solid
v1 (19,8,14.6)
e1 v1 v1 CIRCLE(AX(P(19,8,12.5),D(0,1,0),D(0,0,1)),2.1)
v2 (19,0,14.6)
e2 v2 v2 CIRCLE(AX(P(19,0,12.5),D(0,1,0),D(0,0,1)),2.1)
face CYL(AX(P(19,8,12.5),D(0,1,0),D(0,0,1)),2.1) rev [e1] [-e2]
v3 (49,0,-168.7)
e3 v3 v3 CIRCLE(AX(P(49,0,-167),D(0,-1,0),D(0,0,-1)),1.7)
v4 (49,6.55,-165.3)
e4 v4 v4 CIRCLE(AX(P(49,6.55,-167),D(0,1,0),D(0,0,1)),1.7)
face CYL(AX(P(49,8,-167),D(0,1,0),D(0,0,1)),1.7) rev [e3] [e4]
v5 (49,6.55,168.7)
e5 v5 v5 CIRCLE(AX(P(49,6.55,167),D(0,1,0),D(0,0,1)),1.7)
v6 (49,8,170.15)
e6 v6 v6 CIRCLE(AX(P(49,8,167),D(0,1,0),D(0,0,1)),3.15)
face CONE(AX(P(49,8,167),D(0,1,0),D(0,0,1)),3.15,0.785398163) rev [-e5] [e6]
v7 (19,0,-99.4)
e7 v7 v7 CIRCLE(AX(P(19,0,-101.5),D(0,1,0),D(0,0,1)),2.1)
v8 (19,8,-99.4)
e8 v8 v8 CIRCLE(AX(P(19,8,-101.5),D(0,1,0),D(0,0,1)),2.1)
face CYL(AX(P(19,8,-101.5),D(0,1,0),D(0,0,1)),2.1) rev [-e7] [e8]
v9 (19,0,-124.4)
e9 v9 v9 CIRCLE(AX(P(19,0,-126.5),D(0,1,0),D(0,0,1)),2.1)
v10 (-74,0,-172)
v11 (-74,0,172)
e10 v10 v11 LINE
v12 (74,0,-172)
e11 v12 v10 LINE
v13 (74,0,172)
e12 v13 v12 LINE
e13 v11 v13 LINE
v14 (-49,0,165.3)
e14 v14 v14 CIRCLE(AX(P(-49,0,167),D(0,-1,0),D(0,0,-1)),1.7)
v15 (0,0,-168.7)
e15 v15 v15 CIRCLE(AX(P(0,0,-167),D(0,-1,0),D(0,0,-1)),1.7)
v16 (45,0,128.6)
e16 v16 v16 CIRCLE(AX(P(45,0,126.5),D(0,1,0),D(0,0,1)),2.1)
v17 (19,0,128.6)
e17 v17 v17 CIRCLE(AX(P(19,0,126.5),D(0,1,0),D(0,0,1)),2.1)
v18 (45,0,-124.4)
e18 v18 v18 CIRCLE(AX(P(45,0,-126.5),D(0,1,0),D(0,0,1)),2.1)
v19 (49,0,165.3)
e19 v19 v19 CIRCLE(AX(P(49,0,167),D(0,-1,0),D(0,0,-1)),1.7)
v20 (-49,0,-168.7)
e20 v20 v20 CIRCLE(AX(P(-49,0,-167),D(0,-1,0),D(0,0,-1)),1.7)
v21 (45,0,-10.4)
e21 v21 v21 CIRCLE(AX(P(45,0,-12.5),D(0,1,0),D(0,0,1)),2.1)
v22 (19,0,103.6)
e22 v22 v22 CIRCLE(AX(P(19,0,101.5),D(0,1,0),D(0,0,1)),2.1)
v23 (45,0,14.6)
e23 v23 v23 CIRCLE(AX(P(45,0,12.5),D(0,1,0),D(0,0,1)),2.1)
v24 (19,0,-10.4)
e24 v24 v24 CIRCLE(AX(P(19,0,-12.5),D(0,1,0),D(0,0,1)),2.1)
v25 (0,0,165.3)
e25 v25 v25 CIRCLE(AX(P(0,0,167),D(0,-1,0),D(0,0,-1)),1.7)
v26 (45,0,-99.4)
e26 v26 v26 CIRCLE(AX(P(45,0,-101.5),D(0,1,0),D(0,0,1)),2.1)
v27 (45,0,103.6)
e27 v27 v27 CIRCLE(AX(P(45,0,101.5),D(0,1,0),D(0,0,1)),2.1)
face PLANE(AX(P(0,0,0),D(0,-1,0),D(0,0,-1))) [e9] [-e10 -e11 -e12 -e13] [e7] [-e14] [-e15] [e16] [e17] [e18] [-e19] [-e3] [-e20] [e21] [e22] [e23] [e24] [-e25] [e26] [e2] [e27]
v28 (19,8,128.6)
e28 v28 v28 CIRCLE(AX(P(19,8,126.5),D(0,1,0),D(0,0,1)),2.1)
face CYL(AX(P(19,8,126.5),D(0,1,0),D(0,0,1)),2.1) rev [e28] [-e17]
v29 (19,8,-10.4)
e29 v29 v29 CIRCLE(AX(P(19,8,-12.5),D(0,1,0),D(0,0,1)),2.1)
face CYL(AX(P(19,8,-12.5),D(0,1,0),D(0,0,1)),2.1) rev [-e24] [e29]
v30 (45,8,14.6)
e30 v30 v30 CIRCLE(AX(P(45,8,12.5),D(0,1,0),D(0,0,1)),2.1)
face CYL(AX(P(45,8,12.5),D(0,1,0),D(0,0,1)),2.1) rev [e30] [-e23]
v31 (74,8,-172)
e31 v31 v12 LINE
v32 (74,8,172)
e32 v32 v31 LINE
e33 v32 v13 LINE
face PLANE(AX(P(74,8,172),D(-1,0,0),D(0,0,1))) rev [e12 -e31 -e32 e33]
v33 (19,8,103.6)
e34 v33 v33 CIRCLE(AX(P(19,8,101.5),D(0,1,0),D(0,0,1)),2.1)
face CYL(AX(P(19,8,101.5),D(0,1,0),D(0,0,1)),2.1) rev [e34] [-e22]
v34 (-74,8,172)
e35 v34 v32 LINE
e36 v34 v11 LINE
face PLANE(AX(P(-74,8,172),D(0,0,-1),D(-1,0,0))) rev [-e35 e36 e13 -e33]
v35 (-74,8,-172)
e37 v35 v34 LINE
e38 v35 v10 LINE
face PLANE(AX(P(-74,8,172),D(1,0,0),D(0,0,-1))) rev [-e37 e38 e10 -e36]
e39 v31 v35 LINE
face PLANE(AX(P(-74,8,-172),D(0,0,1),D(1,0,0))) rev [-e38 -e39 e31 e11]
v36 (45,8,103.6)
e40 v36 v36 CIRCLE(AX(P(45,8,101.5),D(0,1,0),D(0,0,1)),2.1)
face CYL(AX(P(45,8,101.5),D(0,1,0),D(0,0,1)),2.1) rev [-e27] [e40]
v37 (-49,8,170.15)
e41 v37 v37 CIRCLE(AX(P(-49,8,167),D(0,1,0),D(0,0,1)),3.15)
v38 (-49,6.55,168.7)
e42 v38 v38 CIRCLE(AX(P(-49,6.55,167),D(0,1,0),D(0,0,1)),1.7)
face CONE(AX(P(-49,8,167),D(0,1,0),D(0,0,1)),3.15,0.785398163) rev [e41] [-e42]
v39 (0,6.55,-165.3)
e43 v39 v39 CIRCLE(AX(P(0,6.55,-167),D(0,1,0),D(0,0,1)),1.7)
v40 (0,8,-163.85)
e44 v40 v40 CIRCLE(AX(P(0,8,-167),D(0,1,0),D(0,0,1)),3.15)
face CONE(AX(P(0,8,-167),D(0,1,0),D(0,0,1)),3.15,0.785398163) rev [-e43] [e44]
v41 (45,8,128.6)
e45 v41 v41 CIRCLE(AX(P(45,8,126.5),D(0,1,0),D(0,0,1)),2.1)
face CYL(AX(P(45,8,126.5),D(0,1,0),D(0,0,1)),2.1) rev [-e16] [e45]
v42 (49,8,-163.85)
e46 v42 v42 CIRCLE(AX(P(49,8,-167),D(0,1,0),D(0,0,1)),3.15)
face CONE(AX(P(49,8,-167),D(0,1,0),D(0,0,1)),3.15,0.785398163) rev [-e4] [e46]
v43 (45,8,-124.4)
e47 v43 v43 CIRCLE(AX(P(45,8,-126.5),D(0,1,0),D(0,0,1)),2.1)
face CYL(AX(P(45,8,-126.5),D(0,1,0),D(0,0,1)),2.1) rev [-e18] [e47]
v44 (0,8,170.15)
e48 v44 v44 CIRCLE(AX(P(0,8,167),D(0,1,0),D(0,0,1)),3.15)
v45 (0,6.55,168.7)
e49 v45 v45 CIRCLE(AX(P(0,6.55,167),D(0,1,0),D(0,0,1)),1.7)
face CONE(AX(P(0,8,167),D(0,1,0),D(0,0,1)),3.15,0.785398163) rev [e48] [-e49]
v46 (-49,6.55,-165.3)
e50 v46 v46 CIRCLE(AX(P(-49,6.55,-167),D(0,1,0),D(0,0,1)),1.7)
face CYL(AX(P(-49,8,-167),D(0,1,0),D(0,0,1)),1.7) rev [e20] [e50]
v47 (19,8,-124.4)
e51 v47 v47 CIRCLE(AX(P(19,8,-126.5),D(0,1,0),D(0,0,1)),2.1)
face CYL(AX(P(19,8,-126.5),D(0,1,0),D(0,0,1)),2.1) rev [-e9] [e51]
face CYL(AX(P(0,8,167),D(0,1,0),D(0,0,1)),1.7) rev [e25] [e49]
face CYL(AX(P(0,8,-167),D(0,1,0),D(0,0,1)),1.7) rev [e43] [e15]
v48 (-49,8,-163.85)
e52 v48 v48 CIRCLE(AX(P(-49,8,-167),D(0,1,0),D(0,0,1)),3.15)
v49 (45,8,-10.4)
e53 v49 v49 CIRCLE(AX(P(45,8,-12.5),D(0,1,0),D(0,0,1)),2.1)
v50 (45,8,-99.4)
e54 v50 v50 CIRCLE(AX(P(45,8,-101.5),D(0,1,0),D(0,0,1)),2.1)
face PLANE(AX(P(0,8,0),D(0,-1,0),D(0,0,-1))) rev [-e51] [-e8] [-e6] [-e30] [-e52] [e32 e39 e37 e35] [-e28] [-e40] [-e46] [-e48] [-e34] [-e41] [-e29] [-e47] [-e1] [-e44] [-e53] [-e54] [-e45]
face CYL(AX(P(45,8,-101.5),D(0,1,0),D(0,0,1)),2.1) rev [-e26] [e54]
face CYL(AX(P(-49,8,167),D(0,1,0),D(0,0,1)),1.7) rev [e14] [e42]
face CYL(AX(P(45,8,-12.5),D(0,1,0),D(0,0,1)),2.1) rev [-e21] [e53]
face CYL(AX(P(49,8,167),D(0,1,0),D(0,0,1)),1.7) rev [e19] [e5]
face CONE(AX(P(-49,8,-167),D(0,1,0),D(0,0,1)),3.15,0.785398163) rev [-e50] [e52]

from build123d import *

# Parameters (mm, degrees)
SKETCH1_W                                    = 148
SKETCH1_H                                    = 344
BOSS_EXTRUDE1_DEPTH                          = 8
CSK_FOR_M3_COUNTERSUNK_FLAT_HEAD1_AT_2_COUNT = 2
CSK_FOR_M3_COUNTERSUNK_FLAT_HEAD1_AT_2_PITCH = 49
CSK_FOR_M3_COUNTERSUNK_FLAT_HEAD1_AT_3_COUNT = 2
CSK_FOR_M3_COUNTERSUNK_FLAT_HEAD1_AT_3_PITCH = 98
M5X0_8_TAPPED_HOLE1_D                        = 4.2
LPATTERN1_COUNT                              = 2
LPATTERN1_PITCH                              = 114
LPATTERN1_COL_COUNT                          = 2
LPATTERN1_COL_PITCH                          = 114


with BuildPart() as part:
    # Sketch1 → Boss-Extrude1 (new body)
    with BuildSketch(Plane(origin=(0, 0, 0), x_dir=(1, 0, 0), z_dir=(0, 1, 0))):
        Rectangle(SKETCH1_W, SKETCH1_H)
    extrude(amount=BOSS_EXTRUDE1_DEPTH)

    # Sketch3 → CSK for M3 Countersunk Flat Head1 (revolve, cut)
    with BuildSketch(Plane(origin=(-49, 8, 167), x_dir=(0, 0, 1), z_dir=(1, 0, 0))):
        Polygon((0, 0), (0, 16.021463052), (1.7, 15), (1.7, 1.45), (3.15, 0), align=None)
    csk_for_m3_countersunk_flat_head1 = revolve(axis=Axis((-49, 14.35, 167), (0, -1, 0)), mode=Mode.SUBTRACT)

    # CSK for M3 Countersunk Flat Head1 at 2: CSK for M3 Countersunk Flat Head1 ×2
    with Locations(*[(i * CSK_FOR_M3_COUNTERSUNK_FLAT_HEAD1_AT_2_PITCH, 0, 0) for i in range(1, CSK_FOR_M3_COUNTERSUNK_FLAT_HEAD1_AT_2_COUNT)]):
        add(csk_for_m3_countersunk_flat_head1, mode=Mode.SUBTRACT)

    # CSK for M3 Countersunk Flat Head1 at 3: CSK for M3 Countersunk Flat Head1 ×2
    with Locations(*[(i * CSK_FOR_M3_COUNTERSUNK_FLAT_HEAD1_AT_3_PITCH, 0, 0) for i in range(1, CSK_FOR_M3_COUNTERSUNK_FLAT_HEAD1_AT_3_COUNT)]):
        add(csk_for_m3_countersunk_flat_head1, mode=Mode.SUBTRACT)

    # Mirror1: CSK for M3 Countersunk Flat Head1 across plane
    add(csk_for_m3_countersunk_flat_head1.mirror(Plane.XY), mode=Mode.SUBTRACT)

    # Mirror1 copy 1 sketch → Mirror1 copy 1 (revolve, cut)
    with BuildSketch(Plane(origin=(0, 8, -167), x_dir=(0, 0, -1), z_dir=(1, 0, 0))):
        Polygon((0, 0), (0, -16.021463052), (1.7, -15), (1.7, -1.45), (3.15, 0), align=None)
    revolve(axis=Axis((0, 14.35, -167), (0, 1, 0)), mode=Mode.SUBTRACT)

    # Mirror1 copy 2 sketch → Mirror1 copy 2 (revolve, cut)
    with BuildSketch(Plane(origin=(49, 8, -167), x_dir=(0, 0, -1), z_dir=(1, 0, 0))):
        Polygon((0, 0), (0, -16.021463052), (1.7, -15), (1.7, -1.45), (3.15, 0), align=None)
    revolve(axis=Axis((49, 14.35, -167), (0, 1, 0)), mode=Mode.SUBTRACT)

    # M5x0.8 Tapped Hole1 (through all)
    with Locations(Plane(origin=(45, 8, -12.5), x_dir=(0, 0, 1), z_dir=(0, 1, 0))):
        with Locations((0, 0), (0, -26), (25, -26), (25, 0)):
            m5x0_8_tapped_hole1 = Hole(M5X0_8_TAPPED_HOLE1_D / 2)

    # LPattern1: M5x0.8 Tapped Hole1 ×2
    with Locations(*[(0, 0, i * LPATTERN1_PITCH) for i in range(1, LPATTERN1_COUNT)]):
        add(m5x0_8_tapped_hole1, mode=Mode.SUBTRACT)

    # LPattern1 col: M5x0.8 Tapped Hole1 ×2
    with Locations(*[(0, 0, -i * LPATTERN1_COL_PITCH) for i in range(1, LPATTERN1_COL_COUNT)]):
        add(m5x0_8_tapped_hole1, mode=Mode.SUBTRACT)


solid = part.part
